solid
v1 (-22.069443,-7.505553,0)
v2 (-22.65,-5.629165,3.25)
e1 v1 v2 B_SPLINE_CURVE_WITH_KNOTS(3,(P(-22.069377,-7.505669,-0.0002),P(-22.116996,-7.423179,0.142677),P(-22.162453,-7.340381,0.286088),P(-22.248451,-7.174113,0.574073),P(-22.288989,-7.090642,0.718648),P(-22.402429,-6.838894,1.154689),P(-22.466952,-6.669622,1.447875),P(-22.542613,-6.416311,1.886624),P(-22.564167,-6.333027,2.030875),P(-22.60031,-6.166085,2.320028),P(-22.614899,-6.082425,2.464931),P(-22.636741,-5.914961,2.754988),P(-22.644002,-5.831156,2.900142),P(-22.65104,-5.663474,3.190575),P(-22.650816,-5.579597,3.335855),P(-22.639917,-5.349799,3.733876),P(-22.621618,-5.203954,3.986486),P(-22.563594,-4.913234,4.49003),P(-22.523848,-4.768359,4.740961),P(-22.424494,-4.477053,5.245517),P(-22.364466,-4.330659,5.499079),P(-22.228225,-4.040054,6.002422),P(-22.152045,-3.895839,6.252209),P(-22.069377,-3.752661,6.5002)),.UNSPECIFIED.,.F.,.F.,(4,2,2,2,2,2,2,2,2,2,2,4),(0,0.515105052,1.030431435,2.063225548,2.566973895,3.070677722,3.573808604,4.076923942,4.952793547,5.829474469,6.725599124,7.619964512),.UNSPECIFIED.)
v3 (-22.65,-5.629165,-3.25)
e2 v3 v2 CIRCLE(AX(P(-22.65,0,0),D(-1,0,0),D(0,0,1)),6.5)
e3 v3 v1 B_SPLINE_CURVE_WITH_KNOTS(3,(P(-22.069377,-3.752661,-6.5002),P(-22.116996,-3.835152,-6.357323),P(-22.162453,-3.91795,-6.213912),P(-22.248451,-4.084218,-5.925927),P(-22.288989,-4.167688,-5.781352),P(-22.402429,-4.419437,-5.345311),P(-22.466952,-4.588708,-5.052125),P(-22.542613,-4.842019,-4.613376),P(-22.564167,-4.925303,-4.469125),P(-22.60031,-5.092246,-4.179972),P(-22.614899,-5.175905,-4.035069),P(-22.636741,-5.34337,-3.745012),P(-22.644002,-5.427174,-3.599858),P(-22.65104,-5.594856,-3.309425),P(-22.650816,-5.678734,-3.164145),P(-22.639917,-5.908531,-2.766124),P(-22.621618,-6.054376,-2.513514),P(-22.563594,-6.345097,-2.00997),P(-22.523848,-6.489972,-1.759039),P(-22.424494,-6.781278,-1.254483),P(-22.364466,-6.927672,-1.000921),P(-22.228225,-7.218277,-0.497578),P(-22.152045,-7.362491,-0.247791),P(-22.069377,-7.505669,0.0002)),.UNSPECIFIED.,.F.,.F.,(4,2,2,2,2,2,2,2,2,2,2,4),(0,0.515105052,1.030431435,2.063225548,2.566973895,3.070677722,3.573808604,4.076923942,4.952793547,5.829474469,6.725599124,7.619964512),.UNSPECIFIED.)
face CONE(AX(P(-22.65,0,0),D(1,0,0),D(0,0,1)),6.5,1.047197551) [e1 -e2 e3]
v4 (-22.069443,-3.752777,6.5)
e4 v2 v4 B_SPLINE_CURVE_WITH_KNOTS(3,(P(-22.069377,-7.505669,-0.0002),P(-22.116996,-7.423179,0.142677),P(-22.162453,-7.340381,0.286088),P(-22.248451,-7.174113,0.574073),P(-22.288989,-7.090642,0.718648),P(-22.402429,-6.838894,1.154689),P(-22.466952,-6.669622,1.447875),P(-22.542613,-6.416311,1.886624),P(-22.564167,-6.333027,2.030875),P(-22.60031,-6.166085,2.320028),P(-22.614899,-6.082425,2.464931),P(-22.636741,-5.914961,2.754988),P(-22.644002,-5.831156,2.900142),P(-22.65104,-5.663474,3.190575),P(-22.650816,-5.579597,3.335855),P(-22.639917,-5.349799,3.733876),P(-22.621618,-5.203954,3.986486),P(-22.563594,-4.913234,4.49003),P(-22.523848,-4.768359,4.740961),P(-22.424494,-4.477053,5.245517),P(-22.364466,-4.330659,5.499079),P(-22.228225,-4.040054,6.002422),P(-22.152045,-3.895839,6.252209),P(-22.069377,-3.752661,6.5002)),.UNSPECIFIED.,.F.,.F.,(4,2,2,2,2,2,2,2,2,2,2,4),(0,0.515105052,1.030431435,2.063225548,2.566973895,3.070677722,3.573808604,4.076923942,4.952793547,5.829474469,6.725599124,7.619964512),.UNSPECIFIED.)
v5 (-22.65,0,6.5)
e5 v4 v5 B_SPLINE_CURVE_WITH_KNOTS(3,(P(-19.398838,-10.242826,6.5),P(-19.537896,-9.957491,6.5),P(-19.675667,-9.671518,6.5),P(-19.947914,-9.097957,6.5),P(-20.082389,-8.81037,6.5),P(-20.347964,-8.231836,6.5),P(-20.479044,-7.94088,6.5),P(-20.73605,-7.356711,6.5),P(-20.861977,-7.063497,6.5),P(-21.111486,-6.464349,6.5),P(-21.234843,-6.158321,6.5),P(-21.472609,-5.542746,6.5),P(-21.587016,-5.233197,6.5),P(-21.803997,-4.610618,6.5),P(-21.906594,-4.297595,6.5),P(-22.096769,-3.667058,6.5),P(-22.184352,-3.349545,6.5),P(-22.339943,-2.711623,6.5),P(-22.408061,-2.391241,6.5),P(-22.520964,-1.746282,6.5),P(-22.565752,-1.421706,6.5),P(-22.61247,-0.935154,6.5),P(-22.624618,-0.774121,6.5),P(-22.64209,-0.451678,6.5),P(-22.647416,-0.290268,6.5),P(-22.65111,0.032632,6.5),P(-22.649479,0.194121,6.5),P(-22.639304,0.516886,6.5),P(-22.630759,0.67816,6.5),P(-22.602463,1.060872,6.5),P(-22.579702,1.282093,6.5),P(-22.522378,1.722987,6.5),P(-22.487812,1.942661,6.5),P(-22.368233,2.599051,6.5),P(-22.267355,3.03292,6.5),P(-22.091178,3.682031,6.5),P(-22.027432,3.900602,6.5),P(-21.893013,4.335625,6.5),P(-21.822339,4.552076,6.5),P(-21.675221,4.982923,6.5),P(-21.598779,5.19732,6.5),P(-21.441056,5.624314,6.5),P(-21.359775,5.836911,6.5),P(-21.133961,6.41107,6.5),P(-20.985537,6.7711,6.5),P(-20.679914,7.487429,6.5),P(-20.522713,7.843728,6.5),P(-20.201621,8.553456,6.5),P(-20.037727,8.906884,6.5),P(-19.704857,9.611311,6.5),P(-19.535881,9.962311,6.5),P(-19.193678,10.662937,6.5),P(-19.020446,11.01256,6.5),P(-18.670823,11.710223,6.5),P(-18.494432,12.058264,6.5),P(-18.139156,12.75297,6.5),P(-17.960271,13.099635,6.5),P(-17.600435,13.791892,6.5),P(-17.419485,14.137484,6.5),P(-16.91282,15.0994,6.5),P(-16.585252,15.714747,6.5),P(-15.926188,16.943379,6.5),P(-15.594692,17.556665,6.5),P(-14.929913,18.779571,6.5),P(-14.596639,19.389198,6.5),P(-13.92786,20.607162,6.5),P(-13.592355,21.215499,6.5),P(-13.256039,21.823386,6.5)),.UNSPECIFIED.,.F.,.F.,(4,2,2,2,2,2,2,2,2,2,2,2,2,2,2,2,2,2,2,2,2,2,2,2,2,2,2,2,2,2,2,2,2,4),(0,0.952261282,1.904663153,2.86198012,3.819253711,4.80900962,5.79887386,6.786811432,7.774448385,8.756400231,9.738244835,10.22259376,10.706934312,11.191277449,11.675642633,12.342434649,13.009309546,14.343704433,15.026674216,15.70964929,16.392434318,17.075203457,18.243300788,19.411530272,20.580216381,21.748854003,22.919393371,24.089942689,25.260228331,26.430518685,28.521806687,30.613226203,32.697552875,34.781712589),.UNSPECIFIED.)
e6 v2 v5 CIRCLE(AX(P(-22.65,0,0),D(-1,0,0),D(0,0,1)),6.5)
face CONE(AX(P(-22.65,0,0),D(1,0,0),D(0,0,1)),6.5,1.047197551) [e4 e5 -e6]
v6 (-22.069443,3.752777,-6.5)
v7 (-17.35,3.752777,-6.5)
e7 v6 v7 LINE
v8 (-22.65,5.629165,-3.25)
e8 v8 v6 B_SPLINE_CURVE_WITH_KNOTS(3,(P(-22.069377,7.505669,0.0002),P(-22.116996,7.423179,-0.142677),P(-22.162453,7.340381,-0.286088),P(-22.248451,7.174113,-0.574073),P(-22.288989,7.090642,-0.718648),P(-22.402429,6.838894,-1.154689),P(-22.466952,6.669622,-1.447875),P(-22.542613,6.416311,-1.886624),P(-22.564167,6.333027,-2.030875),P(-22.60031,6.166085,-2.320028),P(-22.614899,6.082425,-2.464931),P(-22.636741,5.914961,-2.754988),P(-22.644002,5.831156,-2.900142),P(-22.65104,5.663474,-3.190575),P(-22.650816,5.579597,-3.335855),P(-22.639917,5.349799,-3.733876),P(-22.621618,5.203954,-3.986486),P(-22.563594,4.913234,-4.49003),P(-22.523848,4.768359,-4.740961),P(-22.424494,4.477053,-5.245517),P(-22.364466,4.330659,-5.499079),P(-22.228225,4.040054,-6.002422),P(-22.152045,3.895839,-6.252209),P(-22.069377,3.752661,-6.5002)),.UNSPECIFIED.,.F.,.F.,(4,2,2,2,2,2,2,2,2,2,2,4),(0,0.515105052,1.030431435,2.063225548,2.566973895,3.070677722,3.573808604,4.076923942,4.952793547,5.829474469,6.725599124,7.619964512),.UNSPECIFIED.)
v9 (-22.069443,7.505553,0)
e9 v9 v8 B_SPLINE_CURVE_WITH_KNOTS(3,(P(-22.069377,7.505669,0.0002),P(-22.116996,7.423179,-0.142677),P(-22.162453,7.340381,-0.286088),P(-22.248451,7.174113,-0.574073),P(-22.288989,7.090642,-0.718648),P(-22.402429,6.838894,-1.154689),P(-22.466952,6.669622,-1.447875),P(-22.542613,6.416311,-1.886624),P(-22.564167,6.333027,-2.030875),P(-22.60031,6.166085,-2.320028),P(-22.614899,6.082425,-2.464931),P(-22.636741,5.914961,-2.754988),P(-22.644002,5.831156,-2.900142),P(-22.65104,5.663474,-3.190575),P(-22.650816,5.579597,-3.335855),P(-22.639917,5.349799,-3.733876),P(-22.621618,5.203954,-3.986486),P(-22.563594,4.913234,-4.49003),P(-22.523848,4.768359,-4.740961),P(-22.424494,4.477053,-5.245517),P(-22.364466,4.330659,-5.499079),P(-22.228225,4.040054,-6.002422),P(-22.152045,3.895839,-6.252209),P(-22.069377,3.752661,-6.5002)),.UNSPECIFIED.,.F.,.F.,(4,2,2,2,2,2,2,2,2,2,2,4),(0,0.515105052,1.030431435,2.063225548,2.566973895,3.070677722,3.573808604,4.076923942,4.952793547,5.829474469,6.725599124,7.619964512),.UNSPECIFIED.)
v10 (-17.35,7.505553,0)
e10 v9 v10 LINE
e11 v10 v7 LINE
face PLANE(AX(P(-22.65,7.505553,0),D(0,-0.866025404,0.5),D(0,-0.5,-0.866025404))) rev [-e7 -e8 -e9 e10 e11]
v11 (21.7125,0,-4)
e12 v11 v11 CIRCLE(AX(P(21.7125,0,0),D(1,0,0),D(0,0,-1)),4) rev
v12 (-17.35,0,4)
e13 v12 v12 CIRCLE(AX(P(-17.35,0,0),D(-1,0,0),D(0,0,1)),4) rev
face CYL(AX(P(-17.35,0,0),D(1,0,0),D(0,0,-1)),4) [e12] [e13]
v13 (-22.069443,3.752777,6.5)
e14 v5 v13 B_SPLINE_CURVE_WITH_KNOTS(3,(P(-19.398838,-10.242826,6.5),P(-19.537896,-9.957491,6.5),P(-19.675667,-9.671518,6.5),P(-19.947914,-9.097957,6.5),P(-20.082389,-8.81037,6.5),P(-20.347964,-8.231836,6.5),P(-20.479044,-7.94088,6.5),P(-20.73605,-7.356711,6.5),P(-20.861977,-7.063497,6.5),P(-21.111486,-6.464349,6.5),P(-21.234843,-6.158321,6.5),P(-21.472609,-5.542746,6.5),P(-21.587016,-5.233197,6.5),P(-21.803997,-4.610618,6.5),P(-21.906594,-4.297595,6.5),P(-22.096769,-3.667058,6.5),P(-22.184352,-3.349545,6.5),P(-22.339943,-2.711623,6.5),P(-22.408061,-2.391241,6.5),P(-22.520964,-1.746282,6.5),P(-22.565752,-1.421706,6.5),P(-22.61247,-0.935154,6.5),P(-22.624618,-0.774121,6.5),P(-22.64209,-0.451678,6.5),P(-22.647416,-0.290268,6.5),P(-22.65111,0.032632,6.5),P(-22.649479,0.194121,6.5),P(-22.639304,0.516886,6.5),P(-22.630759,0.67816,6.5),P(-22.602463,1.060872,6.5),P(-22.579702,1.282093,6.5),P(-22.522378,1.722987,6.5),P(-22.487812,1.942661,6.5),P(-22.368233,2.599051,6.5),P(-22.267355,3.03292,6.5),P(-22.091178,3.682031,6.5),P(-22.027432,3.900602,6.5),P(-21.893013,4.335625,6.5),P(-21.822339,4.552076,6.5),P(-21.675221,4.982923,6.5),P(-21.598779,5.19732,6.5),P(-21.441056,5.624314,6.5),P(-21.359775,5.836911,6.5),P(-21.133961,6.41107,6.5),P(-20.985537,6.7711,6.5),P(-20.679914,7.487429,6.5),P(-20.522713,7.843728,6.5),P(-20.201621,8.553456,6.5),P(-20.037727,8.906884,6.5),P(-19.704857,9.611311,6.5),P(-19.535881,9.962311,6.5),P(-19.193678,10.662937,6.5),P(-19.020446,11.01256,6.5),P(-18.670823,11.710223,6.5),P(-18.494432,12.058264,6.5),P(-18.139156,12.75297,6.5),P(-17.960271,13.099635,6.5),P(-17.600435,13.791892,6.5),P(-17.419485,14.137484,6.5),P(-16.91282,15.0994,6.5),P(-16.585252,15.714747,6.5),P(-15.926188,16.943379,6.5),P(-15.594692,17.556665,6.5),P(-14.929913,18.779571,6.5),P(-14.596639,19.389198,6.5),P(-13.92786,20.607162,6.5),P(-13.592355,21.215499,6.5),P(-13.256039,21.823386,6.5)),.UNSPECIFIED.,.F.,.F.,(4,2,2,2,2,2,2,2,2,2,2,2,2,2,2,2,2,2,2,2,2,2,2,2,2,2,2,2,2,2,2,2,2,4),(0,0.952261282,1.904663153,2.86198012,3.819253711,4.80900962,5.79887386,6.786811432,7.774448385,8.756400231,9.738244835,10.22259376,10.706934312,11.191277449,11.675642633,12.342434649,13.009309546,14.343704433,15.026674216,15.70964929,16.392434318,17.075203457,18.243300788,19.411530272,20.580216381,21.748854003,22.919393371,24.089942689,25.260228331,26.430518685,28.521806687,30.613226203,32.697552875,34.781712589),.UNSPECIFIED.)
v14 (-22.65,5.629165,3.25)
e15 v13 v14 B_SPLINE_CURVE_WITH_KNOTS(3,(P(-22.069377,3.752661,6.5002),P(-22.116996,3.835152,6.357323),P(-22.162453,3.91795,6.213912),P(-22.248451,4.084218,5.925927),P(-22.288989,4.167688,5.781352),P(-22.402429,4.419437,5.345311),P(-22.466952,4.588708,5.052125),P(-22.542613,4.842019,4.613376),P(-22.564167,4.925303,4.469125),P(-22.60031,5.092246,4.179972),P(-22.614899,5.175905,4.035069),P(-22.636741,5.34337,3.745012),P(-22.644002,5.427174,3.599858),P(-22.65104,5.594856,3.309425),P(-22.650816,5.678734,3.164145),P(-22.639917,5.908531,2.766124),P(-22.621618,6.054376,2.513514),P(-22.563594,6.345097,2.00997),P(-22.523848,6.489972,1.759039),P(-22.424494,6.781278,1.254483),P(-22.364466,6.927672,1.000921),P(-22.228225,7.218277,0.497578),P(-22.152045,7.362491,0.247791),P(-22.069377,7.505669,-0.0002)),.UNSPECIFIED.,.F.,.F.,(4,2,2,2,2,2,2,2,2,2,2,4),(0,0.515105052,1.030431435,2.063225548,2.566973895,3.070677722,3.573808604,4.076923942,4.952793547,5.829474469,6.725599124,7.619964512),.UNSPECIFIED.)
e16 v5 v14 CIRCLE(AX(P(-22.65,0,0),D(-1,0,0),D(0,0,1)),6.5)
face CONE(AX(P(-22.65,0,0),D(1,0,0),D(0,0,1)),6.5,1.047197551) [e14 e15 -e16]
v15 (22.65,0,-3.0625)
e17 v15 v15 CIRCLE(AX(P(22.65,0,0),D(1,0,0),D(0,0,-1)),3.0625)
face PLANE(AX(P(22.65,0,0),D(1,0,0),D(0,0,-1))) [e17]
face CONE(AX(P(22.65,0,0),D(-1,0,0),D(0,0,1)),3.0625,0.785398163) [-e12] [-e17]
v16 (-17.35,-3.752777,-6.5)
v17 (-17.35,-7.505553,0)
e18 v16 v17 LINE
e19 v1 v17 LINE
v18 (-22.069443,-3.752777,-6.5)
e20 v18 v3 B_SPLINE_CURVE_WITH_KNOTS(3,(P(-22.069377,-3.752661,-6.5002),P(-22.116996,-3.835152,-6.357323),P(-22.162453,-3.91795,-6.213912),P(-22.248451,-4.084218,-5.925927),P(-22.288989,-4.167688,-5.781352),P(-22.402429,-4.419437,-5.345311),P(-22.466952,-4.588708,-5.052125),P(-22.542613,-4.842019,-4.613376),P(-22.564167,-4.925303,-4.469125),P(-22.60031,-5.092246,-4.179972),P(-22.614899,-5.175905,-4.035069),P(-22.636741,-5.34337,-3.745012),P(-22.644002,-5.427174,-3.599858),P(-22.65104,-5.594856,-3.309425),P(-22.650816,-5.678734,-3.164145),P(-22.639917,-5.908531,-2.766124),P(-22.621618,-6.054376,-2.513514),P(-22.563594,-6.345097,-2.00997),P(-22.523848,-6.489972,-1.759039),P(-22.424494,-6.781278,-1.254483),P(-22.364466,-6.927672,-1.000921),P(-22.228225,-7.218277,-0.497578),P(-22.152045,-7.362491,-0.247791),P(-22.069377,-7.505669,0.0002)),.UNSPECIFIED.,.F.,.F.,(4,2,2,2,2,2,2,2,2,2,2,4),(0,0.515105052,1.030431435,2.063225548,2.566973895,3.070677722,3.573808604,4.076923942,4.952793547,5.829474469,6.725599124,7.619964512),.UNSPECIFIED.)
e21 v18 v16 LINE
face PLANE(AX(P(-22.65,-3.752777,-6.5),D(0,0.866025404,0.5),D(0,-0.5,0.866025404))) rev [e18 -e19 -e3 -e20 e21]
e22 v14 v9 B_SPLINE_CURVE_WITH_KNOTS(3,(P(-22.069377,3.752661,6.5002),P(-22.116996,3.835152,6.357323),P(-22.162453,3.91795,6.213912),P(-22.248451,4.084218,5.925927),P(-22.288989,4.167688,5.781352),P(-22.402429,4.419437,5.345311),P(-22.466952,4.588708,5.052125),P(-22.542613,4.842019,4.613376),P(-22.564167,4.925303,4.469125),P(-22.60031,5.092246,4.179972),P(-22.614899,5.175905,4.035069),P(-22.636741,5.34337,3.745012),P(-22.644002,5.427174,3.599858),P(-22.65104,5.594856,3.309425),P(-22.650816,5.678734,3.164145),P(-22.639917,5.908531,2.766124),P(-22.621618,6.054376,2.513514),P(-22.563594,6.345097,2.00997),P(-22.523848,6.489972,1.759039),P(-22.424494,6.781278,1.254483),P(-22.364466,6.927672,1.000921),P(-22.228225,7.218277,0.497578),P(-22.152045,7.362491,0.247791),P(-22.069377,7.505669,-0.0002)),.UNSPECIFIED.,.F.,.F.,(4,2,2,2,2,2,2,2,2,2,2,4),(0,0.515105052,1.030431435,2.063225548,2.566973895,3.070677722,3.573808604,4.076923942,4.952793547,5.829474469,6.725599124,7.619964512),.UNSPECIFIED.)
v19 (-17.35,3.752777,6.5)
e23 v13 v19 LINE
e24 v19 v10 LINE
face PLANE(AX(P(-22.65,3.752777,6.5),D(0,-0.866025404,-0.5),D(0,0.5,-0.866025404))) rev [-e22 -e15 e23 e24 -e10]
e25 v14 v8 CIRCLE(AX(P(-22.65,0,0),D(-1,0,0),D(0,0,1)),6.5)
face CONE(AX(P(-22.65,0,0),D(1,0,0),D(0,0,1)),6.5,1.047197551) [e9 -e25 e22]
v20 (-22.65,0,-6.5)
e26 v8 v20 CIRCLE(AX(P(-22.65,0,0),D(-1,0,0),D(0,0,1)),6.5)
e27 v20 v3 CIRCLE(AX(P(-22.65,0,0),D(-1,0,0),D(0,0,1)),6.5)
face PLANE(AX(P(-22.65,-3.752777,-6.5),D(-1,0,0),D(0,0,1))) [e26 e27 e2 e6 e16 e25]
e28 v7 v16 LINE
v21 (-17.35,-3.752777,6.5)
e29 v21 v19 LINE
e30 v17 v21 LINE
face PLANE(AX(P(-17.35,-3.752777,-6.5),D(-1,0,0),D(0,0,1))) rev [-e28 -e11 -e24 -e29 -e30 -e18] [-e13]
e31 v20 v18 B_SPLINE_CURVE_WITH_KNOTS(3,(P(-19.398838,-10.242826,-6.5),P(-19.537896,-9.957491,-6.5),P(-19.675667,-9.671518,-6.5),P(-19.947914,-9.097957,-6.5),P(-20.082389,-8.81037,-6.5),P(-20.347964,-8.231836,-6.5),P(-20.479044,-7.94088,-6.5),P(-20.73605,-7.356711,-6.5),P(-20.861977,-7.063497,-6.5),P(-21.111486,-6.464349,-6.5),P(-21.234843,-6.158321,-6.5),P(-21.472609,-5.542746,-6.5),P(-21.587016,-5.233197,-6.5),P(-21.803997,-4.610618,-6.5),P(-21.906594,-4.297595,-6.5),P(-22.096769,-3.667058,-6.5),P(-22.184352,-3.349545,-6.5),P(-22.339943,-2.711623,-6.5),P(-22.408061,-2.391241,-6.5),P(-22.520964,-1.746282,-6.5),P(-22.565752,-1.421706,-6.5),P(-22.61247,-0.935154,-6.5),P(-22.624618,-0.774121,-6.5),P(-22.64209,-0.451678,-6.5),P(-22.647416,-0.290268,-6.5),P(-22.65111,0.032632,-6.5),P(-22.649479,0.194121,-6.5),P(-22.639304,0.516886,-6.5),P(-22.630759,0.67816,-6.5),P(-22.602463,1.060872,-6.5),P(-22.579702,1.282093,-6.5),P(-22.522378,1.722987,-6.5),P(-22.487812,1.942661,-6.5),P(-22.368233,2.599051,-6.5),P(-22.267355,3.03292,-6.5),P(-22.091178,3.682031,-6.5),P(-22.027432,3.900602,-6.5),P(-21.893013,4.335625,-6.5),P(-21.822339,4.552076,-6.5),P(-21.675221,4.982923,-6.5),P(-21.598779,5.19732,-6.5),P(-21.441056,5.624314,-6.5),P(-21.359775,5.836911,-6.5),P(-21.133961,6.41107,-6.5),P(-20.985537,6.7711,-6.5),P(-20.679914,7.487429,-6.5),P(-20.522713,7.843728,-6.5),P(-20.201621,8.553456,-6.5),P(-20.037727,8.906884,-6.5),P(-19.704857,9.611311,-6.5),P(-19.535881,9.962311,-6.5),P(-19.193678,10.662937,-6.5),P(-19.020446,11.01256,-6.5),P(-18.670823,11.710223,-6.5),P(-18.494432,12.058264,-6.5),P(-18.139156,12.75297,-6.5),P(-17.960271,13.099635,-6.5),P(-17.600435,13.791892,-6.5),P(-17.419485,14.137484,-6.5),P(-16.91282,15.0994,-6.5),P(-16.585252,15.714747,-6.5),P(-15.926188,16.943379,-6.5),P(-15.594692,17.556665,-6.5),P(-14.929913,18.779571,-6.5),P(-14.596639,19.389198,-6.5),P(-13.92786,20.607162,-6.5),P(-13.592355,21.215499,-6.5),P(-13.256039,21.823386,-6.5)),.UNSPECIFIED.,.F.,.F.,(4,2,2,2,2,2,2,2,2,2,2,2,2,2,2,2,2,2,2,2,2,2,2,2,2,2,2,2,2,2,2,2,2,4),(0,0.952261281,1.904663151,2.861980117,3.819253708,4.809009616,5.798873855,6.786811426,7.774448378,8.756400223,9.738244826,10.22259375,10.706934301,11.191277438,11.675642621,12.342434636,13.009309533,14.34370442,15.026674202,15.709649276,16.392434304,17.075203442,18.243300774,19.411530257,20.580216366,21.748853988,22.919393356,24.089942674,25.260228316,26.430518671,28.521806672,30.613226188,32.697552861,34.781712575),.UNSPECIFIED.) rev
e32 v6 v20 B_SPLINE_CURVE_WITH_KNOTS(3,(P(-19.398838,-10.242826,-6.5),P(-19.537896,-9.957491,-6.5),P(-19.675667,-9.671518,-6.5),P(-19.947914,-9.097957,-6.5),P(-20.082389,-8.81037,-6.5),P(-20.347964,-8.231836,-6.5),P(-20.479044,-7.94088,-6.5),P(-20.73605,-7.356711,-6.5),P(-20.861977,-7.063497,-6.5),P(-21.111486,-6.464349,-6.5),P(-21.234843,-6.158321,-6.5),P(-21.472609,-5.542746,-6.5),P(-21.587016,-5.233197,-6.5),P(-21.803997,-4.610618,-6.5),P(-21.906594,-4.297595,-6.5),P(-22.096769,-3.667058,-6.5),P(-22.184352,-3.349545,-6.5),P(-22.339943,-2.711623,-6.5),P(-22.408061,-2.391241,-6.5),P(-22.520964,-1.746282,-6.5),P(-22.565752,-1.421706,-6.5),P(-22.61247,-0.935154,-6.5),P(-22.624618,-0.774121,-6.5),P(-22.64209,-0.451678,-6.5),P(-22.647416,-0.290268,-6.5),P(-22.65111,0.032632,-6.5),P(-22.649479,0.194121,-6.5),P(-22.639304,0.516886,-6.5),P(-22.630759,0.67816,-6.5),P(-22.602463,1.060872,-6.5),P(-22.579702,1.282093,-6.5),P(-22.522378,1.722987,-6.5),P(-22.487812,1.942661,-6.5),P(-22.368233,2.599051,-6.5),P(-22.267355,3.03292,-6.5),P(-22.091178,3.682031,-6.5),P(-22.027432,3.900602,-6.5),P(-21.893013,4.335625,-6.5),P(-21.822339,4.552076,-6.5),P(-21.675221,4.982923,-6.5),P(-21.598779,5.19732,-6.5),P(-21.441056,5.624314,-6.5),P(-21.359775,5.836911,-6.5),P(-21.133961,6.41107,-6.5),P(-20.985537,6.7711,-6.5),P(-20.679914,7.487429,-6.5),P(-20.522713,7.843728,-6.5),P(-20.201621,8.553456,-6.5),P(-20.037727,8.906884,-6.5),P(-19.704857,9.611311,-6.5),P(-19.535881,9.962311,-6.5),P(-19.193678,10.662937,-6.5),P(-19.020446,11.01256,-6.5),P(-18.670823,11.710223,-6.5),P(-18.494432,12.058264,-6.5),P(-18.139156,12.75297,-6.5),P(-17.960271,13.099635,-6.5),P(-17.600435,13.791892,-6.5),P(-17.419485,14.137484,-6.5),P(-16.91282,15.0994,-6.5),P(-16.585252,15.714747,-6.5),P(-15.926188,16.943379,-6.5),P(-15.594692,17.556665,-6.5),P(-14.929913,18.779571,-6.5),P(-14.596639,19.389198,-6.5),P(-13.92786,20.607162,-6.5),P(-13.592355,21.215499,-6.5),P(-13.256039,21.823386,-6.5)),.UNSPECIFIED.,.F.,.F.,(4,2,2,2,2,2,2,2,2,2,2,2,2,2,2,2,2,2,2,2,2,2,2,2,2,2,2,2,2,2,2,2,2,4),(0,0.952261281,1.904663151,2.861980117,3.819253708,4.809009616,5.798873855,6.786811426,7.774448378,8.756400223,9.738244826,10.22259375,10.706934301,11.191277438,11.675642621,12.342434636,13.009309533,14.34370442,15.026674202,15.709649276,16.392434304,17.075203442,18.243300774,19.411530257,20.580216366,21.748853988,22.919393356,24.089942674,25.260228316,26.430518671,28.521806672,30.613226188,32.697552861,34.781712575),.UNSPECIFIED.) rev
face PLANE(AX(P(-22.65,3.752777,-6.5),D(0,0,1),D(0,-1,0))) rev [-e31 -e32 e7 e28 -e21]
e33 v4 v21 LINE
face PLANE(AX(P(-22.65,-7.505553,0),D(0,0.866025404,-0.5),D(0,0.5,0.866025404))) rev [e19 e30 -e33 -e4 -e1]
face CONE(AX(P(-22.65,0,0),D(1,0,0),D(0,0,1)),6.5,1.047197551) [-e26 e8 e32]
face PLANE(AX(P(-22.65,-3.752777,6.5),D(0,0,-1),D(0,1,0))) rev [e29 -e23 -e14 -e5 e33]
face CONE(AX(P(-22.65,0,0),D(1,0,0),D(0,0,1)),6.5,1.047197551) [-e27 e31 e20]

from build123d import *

# Parameters (mm, degrees)
SKETCH2_R           = 4
BOSS_EXTRUDE1_DEPTH = 40
CHAMFER1_SIZE       = 0.9375
BOSS_EXTRUDE2_DEPTH = 5.3
SKETCH6_OUTSIDE_W   = 189.006
SKETCH6_OUTSIDE_H   = 191.018
SKETCH6_OUTSIDE_R   = 6.5
CUT_EXTRUDE1_DEPTH  = 47.375352649
CUT_EXTRUDE1_DRAFT  = -60


with BuildPart() as part:
    # Sketch2 → Boss-Extrude1 (new body)
    with BuildSketch(Plane(origin=(22.65, 0, 0), x_dir=(0, 0, -1), z_dir=(1, 0, 0))):
        Circle(SKETCH2_R)
    extrude(amount=-BOSS_EXTRUDE1_DEPTH)

    # Chamfer1
    chamfer1_edges = [part.edges().sort_by_distance(p)[0] for p in [
        (22.65, 0, 4),
    ]]
    chamfer(chamfer1_edges, length=CHAMFER1_SIZE)

    # Sketch3 → Boss-Extrude2 (add)
    with BuildSketch(Plane.ZY.offset(17.35)):
        Polygon((-6.5, -3.75277675), (0, -7.505553499), (6.5, -3.75277675), (6.5, 3.75277675), (0, 7.505553499), (-6.5, 3.75277675), align=None)
    extrude(amount=BOSS_EXTRUDE2_DEPTH)


with BuildPart() as cut_extrude1_tool:
    # Sketch6 outside → Cut-Extrude1 (with draft: the straight prism first)
    with BuildSketch(Plane.ZY.offset(22.65)):
        Rectangle(SKETCH6_OUTSIDE_W, SKETCH6_OUTSIDE_H)
        Circle(SKETCH6_OUTSIDE_R, mode=Mode.SUBTRACT)
    extrude(amount=-CUT_EXTRUDE1_DEPTH)
    # Cut-Extrude1: the draft: its side faces are tilted about the plane it starts from
    cut_extrude1_sides = [cut_extrude1_tool.faces().sort_by_distance(p)[0] for p in [
        (1.037676325, -95.509, 0),
        (1.037676325, 0, 94.503),
        (1.037676325, 95.509, 0),
        (1.037676325, 0, -94.503),
        (1.037676325, 0, -6.5),
    ]]
    draft(cut_extrude1_sides, Plane.ZY.offset(22.65), CUT_EXTRUDE1_DRAFT)


with BuildPart() as part_1:
    add(part.part)

    # Cut-Extrude1: cut by cut_extrude1_tool
    add(cut_extrude1_tool.part, mode=Mode.SUBTRACT)


solid = part_1.part
